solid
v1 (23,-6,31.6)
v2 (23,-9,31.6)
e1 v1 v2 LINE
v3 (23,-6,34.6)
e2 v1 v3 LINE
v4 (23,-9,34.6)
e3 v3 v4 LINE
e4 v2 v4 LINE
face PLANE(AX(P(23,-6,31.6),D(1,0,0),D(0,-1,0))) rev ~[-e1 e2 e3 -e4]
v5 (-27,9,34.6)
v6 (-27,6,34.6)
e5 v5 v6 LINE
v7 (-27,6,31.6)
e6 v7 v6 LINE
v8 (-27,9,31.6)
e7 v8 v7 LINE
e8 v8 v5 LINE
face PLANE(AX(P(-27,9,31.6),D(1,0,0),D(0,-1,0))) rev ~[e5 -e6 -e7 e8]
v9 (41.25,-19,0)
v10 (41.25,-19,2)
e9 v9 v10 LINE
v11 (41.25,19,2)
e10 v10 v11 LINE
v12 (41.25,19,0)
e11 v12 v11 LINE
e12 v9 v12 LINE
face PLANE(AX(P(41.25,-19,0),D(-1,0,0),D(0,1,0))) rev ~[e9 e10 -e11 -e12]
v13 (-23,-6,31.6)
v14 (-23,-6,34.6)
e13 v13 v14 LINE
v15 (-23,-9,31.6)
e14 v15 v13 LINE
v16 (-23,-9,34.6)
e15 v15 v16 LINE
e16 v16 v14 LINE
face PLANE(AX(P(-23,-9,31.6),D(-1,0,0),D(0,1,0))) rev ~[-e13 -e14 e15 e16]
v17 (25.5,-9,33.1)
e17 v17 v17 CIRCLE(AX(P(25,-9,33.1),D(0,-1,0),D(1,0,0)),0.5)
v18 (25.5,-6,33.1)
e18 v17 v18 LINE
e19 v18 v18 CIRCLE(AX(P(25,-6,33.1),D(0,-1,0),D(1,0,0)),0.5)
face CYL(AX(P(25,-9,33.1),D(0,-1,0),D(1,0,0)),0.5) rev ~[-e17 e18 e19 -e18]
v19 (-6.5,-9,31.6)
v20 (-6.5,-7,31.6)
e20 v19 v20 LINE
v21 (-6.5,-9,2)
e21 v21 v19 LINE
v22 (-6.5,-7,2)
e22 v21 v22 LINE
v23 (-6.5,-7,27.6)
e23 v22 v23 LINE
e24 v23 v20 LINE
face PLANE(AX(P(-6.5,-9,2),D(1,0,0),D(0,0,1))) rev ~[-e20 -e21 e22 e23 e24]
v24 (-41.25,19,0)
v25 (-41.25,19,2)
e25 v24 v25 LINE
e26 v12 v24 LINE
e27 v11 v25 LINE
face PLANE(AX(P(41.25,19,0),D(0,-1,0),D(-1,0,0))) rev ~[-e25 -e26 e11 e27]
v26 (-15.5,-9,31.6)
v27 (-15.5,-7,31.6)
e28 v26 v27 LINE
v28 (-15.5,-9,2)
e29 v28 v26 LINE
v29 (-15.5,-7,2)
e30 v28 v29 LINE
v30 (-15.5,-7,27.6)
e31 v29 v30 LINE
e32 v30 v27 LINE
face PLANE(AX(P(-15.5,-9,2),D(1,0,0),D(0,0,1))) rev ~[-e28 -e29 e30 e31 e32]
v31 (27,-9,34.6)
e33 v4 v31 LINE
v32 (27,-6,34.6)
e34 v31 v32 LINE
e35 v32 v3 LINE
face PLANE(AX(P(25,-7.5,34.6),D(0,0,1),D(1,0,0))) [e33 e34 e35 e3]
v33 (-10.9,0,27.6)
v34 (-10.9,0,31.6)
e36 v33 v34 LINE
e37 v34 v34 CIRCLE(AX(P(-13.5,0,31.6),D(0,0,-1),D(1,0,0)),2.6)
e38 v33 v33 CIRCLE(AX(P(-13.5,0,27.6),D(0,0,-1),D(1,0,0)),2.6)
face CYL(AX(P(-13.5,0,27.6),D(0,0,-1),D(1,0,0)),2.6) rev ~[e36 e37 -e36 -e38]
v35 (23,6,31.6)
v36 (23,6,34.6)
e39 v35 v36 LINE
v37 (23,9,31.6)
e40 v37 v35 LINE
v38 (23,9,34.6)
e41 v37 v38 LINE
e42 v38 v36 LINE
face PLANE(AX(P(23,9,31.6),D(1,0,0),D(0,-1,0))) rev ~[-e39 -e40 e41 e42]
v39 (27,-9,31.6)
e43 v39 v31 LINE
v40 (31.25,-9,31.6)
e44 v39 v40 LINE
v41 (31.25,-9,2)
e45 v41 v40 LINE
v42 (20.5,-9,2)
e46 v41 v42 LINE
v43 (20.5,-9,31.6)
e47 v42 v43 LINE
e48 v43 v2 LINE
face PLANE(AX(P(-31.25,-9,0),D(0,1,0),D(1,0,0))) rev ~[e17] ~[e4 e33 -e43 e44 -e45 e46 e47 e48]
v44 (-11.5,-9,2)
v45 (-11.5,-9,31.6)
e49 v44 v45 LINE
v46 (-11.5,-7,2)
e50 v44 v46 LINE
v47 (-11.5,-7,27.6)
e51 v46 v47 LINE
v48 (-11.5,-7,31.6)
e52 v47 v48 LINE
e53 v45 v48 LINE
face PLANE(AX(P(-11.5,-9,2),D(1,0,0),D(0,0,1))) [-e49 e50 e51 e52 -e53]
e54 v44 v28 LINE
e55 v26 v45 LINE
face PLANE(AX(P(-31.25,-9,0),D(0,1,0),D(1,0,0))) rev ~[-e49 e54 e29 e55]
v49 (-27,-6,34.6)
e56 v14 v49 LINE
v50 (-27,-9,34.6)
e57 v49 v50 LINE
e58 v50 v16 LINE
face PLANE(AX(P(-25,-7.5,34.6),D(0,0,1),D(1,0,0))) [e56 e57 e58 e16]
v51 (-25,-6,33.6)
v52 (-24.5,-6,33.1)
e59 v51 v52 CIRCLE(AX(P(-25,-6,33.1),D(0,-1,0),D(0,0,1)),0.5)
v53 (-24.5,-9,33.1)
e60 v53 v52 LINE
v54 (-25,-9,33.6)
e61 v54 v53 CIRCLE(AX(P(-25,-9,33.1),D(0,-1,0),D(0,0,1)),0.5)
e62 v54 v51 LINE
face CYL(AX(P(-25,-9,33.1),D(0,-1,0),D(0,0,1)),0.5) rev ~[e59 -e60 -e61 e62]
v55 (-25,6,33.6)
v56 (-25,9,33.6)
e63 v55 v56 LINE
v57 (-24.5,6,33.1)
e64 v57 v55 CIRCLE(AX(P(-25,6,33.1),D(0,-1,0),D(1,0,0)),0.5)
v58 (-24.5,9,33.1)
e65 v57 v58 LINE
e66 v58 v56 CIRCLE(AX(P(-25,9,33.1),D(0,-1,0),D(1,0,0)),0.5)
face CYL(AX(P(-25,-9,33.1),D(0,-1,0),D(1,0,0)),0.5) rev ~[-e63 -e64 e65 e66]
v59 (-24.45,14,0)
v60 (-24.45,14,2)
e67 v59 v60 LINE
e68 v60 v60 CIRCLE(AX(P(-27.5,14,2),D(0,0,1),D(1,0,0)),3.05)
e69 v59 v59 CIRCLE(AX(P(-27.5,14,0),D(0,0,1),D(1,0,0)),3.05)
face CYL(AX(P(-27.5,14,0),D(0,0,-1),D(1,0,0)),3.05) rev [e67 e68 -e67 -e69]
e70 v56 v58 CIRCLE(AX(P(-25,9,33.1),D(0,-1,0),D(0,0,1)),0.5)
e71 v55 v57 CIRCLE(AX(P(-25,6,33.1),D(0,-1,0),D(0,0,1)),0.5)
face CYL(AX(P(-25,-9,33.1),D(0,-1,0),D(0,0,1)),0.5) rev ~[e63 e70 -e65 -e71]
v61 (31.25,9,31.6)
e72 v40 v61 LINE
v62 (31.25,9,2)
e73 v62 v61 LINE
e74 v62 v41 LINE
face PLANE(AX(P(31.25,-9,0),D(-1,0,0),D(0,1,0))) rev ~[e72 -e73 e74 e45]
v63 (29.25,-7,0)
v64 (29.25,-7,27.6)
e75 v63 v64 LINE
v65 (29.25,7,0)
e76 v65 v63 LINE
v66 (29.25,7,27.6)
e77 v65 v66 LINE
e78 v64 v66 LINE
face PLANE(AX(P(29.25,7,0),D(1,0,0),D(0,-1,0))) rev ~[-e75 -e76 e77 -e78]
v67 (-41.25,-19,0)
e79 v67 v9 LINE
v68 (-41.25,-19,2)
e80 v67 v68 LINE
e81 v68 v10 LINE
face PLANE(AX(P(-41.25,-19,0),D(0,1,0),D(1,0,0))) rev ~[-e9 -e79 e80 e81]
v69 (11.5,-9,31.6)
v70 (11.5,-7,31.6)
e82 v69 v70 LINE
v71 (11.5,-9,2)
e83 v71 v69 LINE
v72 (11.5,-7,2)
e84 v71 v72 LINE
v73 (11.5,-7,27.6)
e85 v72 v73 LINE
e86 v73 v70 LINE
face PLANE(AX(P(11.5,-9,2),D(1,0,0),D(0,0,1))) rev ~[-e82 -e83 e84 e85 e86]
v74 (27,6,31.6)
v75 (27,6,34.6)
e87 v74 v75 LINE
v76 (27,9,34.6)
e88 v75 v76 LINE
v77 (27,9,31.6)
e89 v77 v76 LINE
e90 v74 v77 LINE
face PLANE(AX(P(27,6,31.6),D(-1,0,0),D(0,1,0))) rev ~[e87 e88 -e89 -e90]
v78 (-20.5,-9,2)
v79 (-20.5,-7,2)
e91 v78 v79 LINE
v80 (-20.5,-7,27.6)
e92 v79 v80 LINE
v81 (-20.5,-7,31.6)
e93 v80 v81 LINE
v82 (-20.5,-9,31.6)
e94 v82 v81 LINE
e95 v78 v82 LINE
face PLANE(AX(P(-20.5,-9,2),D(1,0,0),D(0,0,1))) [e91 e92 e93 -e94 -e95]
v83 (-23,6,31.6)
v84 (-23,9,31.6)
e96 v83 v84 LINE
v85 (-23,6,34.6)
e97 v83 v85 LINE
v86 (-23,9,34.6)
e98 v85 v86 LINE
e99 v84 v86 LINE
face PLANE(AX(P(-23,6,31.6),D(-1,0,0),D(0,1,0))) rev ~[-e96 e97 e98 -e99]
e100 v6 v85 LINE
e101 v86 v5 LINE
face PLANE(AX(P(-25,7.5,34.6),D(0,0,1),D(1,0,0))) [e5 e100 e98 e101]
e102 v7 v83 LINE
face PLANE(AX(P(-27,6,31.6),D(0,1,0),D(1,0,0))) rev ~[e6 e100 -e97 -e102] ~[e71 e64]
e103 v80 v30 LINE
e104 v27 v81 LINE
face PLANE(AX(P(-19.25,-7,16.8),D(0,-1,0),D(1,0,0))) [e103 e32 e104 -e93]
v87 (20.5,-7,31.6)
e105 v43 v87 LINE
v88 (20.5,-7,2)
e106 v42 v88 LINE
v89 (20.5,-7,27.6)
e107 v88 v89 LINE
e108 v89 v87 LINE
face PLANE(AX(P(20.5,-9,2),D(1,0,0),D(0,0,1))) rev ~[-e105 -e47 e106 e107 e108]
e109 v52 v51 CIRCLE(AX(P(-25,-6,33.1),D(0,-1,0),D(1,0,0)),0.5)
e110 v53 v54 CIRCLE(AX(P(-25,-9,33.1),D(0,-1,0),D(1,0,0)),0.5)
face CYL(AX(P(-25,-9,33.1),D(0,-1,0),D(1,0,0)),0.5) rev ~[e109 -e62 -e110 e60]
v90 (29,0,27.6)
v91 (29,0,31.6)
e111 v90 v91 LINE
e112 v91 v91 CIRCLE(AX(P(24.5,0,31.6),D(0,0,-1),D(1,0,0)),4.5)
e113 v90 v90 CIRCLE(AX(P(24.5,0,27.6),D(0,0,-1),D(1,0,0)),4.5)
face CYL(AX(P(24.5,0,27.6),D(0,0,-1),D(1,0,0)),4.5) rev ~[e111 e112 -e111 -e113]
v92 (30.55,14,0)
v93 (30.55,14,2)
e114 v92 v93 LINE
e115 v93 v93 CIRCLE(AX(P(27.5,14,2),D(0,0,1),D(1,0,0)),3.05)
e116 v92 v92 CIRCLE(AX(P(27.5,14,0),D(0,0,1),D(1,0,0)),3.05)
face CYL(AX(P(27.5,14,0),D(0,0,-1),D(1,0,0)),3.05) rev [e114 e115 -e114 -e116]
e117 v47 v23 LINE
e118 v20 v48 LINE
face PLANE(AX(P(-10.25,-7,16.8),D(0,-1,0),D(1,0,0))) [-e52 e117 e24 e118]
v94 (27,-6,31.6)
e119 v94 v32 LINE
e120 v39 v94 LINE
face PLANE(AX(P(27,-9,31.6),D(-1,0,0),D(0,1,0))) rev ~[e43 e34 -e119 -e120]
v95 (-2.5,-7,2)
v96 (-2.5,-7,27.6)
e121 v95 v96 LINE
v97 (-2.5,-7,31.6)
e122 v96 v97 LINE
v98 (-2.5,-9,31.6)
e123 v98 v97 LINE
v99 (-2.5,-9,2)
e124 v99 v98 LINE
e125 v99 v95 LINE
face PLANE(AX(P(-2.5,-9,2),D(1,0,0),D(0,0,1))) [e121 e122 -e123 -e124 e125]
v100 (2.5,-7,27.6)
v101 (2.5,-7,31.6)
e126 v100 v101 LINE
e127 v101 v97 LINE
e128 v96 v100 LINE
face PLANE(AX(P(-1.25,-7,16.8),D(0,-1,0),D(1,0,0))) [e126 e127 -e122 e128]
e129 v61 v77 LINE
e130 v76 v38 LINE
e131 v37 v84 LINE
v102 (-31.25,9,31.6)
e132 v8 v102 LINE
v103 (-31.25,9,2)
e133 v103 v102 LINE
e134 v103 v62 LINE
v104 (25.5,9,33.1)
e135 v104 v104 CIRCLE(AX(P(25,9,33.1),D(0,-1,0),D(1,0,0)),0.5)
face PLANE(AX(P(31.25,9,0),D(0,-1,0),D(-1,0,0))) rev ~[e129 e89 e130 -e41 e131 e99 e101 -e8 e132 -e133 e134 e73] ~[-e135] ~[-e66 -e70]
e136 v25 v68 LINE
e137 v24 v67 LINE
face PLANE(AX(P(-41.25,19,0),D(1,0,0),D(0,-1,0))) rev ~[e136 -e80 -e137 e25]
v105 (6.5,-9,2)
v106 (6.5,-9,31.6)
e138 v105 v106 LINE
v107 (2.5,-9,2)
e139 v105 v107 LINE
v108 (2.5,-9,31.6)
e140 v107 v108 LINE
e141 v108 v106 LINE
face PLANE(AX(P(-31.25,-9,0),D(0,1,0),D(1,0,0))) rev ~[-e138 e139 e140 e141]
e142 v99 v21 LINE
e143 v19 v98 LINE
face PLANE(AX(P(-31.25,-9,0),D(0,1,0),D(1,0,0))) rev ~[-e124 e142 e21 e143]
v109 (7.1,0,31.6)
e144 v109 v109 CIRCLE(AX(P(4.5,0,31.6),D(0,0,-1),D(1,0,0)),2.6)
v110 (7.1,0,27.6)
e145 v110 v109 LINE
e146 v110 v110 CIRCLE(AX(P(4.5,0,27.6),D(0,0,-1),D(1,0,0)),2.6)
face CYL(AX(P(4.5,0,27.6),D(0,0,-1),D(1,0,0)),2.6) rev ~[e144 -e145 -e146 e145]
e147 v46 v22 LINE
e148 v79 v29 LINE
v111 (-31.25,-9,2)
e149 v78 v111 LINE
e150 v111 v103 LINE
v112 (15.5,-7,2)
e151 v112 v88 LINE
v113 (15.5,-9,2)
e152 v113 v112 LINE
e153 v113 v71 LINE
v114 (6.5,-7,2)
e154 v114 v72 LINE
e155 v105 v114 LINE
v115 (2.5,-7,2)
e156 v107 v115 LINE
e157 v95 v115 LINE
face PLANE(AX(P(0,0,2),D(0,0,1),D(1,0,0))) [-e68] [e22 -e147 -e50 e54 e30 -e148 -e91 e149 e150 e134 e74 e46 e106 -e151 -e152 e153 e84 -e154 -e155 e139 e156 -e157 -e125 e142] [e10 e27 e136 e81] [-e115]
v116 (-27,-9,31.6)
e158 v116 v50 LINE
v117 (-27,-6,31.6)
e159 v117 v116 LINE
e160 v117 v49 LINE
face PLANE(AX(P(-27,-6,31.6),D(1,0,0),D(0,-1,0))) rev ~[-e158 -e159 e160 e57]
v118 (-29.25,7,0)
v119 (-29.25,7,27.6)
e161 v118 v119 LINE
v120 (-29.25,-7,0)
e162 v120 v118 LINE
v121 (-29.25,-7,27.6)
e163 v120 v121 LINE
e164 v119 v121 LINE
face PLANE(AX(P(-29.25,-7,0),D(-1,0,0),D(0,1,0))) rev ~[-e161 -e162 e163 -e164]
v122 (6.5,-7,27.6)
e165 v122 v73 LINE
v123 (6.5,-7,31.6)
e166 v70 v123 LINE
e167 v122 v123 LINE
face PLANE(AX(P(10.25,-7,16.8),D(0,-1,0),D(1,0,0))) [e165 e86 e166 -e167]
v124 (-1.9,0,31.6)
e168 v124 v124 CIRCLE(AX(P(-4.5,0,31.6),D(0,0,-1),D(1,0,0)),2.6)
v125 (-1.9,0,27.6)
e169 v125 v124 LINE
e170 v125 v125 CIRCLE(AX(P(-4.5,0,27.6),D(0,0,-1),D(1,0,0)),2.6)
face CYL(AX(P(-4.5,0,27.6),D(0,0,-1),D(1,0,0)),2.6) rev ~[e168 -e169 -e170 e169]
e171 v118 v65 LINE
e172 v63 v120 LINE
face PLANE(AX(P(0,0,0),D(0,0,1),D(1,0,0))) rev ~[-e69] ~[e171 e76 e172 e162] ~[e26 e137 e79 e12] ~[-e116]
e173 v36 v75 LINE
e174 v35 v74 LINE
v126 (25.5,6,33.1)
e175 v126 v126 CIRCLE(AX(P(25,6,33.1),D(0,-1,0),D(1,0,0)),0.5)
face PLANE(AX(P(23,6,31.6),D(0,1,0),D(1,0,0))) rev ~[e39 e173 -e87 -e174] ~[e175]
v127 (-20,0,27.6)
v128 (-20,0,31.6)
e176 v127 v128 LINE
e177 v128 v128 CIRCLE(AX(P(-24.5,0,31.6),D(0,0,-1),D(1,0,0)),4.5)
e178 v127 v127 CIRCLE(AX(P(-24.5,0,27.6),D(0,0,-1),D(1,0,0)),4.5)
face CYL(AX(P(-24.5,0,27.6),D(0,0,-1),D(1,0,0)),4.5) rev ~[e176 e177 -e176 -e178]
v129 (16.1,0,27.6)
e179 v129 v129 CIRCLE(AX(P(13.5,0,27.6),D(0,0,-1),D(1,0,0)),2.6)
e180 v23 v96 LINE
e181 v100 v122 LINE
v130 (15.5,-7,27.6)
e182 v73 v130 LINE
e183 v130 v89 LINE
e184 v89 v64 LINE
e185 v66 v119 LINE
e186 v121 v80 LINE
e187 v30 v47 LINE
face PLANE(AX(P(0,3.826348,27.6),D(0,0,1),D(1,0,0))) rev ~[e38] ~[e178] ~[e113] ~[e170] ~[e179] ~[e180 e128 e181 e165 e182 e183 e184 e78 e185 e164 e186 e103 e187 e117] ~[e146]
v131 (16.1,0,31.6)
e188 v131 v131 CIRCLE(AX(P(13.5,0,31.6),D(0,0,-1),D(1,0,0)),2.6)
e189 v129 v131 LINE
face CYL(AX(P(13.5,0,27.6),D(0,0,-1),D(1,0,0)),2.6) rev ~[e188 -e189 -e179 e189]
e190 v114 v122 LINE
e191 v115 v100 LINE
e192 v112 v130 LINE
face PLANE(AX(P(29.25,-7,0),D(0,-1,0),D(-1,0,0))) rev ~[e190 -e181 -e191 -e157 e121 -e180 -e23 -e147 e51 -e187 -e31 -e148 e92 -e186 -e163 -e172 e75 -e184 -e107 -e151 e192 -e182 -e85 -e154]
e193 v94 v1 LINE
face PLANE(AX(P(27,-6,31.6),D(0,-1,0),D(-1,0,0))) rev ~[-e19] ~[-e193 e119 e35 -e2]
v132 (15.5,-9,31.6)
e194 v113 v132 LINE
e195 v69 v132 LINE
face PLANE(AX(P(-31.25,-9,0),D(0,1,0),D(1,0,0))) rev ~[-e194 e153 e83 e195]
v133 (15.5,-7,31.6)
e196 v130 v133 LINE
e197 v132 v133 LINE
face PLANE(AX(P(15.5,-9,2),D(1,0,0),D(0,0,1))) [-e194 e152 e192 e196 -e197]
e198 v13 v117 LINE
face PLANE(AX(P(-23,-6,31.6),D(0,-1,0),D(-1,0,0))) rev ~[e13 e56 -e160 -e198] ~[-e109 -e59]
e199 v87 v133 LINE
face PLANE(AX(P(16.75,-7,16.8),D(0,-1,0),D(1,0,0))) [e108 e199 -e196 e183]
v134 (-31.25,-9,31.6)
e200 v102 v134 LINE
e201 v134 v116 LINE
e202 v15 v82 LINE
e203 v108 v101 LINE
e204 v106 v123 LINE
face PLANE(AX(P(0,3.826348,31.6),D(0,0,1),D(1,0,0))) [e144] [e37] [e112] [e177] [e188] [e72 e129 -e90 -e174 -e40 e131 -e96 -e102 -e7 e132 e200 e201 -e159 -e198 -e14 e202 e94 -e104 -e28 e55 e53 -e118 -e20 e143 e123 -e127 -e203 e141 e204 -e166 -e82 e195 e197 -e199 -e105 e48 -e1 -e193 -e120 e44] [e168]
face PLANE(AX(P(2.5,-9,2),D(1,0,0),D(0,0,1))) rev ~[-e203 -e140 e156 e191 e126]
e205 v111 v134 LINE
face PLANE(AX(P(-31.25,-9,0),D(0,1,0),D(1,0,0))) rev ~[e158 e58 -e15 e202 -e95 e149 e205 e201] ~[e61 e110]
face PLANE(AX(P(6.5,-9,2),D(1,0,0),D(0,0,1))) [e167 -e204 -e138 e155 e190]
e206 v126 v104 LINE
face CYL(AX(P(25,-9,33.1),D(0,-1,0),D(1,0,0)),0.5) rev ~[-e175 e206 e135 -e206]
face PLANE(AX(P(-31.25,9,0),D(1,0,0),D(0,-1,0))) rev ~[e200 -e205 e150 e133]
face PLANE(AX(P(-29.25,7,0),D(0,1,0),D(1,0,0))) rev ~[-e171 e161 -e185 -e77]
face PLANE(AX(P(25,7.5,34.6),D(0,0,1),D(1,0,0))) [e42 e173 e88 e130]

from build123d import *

# Parameters (mm, degrees)
F1_DEPTH = 31.6
F2_START = 27.6
F2_DEPTH = 4
F0_R     = 3.05
F3_DEPTH = 2
F4_W     = 2.5
F4_H     = 29.6
F5_DEPTH = 2
F7_DEPTH = 3
F8_R     = 0.5
F9_DEPTH = 25


with BuildPart() as f1:
    # F0 (on Top) → F1 (new body)
    with BuildSketch(Plane.XY):
        Polygon((31.25, -9), (31.25, 0), (29.25, 0), (29.25, -7), (-29.25, -7), (-29.25, 0), (-31.25, 0), (-31.25, -9), align=None)
        Polygon((31.25, 0), (31.25, 9), (-31.25, 9), (-31.25, 0), (-29.25, 0), (-29.25, 7), (29.25, 7), (29.25, 0), align=None)
    extrude(amount=F1_DEPTH)

    # F0 (on Top) → F2 (join)
    with BuildSketch(Plane.XY.offset(F2_START)):
        with BuildLine():
            Line((29, 0), (29.25, 0))
            Line((29.25, 0), (29.25, 7))
            Line((29.25, 7), (-29.25, 7))
            Line((-29.25, 7), (-29.25, 0))
            Line((-29.25, 0), (-29, 0))
            ThreePointArc((-29, 0), (-24.5, 4.5), (-20, 0))
            Line((-20, 0), (-16.1, 0))
            ThreePointArc((-16.1, 0), (-13.5, 2.6), (-10.9, 0))
            Line((-10.9, 0), (-7.1, 0))
            ThreePointArc((-7.1, 0), (-4.5, 2.6), (-1.9, 0))
            Line((-1.9, 0), (0, 0))
            Line((0, 0), (1.9, 0))
            ThreePointArc((1.9, 0), (4.5, 2.6), (7.1, 0))
            Line((7.1, 0), (10.9, 0))
            ThreePointArc((10.9, 0), (13.5, 2.6), (16.1, 0))
            Line((16.1, 0), (20, 0))
            ThreePointArc((20, 0), (24.5, 4.5), (29, 0))
        make_face()
        with BuildLine():
            Line((29.25, -7), (29.25, 0))
            Line((29.25, 0), (29, 0))
            ThreePointArc((29, 0), (24.5, -4.5), (20, 0))
            Line((20, 0), (16.1, 0))
            ThreePointArc((16.1, 0), (13.5, -2.6), (10.9, 0))
            Line((10.9, 0), (7.1, 0))
            ThreePointArc((7.1, 0), (4.5, -2.6), (1.9, 0))
            Line((1.9, 0), (0, 0))
            Line((0, 0), (-1.9, 0))
            ThreePointArc((-1.9, 0), (-4.5, -2.6), (-7.1, 0))
            Line((-7.1, 0), (-10.9, 0))
            ThreePointArc((-10.9, 0), (-13.5, -2.6), (-16.1, 0))
            Line((-16.1, 0), (-20, 0))
            ThreePointArc((-20, 0), (-24.5, -4.5), (-29, 0))
            Line((-29, 0), (-29.25, 0))
            Line((-29.25, 0), (-29.25, -7))
            Line((-29.25, -7), (29.25, -7))
        make_face()
    extrude(amount=F2_DEPTH)

    # F0 (on Top) → F3 (join)
    with BuildSketch(Plane.XY):
        Polygon((-41.25, 19), (-41.25, 14), (-41.25, -19), (41.25, -19), (41.25, 19), align=None)
        with Locations((-27.5, 14)):
            Circle(F0_R, mode=Mode.SUBTRACT)
        Polygon((-31.25, 9), (31.25, 9), (31.25, 0), (31.25, -9), (-31.25, -9), (-31.25, 0), align=None, mode=Mode.SUBTRACT)
        with Locations((27.5, 14)):
            Circle(F0_R, mode=Mode.SUBTRACT)
    extrude(amount=F3_DEPTH)

    # F4 (on face) → F5 (cut)
    with BuildSketch(Plane.XZ.offset(9)):
        with Locations((-1.25, 16.8)):
            Rectangle(F4_W, F4_H)
        with Locations((1.25, 16.8)):
            Rectangle(F4_W, F4_H)
        with Locations((-19.25, 16.8)):
            Rectangle(F4_W, F4_H)
        with Locations((-16.75, 16.8)):
            Rectangle(F4_W, F4_H)
        with Locations((-10.25, 16.8)):
            Rectangle(F4_W, F4_H)
        with Locations((-7.75, 16.8)):
            Rectangle(F4_W, F4_H)
        with Locations((10.25, 16.8)):
            Rectangle(F4_W, F4_H)
        with Locations((7.75, 16.8)):
            Rectangle(F4_W, F4_H)
        with Locations((16.75, 16.8)):
            Rectangle(F4_W, F4_H)
        with Locations((19.25, 16.8)):
            Rectangle(F4_W, F4_H)
    extrude(amount=-F5_DEPTH, mode=Mode.SUBTRACT)

    # F6 (on face) → F7 (join)
    with BuildSketch(Plane.XY.offset(31.6)):
        Polygon((-27, -6), (-27, -9), (-25, -9), (-23, -9), (-23, -6), (-25, -6), align=None)
        Polygon((23, -6), (23, -9), (25, -9), (27, -9), (27, -6), (25, -6), align=None)
        Polygon((-23, 6), (-23, 9), (-25, 9), (-27, 9), (-27, 6), (-25, 6), align=None)
        Polygon((25, 6), (27, 6), (27, 9), (25, 9), (23, 9), (23, 6), align=None)
    extrude(amount=F7_DEPTH)

    # F8 (on face) → F9 (cut)
    with BuildSketch(Plane.XZ.offset(9)):
        with BuildLine():
            ThreePointArc((-25, 33.6), (-25.3535533906, 32.7464466094), (-24.5, 33.1))
            ThreePointArc((-24.5, 33.1), (-24.6464466094, 33.4535533906), (-25, 33.6))
        make_face()
        with Locations((25, 33.1)):
            Circle(F8_R)
    extrude(amount=-F9_DEPTH, mode=Mode.SUBTRACT)


solid = f1.part
